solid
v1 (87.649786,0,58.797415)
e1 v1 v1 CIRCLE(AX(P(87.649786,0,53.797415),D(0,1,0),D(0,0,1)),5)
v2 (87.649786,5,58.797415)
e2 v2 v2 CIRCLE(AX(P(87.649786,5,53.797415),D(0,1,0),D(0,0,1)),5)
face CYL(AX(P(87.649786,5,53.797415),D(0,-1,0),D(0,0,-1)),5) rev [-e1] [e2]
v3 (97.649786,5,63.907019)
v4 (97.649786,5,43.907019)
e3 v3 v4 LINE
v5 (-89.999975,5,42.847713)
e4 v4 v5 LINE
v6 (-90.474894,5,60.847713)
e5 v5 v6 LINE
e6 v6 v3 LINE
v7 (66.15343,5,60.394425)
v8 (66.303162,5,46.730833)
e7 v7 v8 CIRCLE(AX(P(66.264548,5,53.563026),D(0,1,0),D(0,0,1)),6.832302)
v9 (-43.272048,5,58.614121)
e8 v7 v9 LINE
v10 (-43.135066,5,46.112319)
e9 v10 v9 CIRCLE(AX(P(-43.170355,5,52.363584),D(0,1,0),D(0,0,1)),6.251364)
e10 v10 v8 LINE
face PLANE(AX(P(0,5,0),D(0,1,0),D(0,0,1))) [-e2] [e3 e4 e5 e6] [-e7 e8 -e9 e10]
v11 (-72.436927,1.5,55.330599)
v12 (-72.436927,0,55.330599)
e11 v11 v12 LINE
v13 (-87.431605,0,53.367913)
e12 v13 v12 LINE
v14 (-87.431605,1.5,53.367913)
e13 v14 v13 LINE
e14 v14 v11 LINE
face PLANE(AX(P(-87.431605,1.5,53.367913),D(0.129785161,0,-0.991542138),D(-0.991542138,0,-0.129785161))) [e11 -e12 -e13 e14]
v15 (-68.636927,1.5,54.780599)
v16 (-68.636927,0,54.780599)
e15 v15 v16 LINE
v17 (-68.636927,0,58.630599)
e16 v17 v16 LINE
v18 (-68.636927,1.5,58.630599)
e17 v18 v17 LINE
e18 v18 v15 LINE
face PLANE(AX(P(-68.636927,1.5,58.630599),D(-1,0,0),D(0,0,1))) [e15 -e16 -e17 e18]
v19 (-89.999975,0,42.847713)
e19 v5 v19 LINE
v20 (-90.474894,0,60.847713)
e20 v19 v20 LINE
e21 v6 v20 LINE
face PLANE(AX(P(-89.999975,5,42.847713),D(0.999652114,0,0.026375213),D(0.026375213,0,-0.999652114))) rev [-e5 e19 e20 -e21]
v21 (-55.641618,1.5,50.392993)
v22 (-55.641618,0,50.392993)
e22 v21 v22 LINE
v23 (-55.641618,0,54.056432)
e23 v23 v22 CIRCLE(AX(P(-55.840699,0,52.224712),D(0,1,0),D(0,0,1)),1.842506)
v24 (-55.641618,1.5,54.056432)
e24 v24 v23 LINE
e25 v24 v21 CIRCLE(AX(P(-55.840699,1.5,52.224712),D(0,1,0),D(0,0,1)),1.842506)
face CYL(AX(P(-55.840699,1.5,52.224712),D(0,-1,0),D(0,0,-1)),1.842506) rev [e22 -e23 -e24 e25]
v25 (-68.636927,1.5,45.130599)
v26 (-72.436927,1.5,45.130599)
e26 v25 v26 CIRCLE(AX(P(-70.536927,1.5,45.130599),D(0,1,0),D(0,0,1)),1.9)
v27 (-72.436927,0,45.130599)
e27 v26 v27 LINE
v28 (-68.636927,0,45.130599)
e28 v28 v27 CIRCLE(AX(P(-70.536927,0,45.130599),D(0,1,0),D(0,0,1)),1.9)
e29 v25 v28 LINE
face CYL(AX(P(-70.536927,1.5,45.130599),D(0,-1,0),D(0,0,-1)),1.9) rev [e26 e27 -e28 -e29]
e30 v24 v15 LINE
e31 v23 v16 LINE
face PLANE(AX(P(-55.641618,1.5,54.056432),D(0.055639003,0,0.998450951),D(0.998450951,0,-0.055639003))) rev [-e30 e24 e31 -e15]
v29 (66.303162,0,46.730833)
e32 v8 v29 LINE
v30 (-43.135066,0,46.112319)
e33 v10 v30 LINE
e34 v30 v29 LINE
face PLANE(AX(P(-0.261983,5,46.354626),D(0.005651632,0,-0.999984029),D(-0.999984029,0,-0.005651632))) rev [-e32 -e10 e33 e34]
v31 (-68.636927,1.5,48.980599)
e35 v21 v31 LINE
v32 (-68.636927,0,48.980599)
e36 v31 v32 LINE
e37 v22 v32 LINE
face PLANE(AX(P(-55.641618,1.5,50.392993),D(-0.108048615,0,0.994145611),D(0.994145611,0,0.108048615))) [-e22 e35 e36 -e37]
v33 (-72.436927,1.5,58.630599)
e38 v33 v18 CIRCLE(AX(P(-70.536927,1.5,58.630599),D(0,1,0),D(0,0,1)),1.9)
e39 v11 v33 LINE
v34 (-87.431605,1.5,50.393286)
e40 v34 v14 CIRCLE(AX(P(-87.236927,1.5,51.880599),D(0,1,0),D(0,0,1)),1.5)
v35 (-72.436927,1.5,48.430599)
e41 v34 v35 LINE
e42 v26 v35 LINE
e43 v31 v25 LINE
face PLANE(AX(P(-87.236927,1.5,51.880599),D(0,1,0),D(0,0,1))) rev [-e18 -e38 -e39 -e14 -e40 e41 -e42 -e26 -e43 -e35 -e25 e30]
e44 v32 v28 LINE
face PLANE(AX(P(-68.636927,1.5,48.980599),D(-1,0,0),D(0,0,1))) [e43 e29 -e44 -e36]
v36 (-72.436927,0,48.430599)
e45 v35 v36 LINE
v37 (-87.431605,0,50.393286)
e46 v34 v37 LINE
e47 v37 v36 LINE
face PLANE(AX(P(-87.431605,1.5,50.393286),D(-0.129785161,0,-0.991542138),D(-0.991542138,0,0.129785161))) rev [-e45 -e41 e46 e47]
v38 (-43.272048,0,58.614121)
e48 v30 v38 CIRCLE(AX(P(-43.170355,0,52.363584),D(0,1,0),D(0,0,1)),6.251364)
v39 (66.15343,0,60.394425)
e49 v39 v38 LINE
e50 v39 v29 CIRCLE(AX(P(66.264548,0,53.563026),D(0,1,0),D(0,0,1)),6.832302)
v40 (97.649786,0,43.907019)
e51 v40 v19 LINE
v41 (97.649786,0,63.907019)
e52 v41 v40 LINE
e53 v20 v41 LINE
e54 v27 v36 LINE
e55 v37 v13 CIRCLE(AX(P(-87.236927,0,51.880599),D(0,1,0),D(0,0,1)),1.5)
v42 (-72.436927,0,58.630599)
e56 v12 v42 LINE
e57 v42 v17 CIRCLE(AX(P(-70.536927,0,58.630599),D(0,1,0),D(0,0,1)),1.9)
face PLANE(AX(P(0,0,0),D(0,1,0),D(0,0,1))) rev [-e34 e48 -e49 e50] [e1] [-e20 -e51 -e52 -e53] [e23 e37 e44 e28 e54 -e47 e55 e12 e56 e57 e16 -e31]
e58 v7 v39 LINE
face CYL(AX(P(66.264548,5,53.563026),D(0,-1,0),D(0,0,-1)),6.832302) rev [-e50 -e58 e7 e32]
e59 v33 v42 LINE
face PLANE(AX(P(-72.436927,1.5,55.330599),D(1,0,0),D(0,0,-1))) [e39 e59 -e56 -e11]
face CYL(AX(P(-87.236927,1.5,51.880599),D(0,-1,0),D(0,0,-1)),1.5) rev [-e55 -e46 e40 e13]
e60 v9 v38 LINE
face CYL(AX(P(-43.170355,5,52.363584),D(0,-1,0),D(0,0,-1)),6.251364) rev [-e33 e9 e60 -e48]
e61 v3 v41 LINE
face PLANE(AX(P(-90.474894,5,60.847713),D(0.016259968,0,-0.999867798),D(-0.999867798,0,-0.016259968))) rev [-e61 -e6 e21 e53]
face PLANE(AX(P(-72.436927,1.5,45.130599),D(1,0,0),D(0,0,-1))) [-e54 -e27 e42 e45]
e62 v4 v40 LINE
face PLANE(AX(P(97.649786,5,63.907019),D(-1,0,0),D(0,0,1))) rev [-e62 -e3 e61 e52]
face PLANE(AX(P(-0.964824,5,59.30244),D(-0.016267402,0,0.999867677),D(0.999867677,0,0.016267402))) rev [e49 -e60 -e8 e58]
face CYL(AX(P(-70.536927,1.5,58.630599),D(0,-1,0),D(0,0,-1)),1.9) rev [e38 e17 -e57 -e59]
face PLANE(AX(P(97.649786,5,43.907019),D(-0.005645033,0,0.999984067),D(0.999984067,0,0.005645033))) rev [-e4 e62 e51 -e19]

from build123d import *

# Parameters (mm, degrees)
BOSS_EXTRUDE1_DEPTH = 5
CUT_EXTRUDE1_DEPTH  = 1.5
CUT_EXTRUDE2_DEPTH  = 117.810049896
SKETCH1_11_R        = 5
CUT_EXTRUDE4_DEPTH  = 117.810049896


with BuildPart() as part:
    # Sketch1 → Boss-Extrude1 (new body)
    with BuildSketch(Plane(origin=(0, 0, 0), x_dir=(1, 0, 0), z_dir=(0, 1, 0))):
        Polygon((-89.9999746, -42.847712915), (-90.474893649, -60.847712915), (97.64978611, -63.907018624), (97.64978611, -43.907018893), align=None)
    extrude(amount=BOSS_EXTRUDE1_DEPTH)

    # Sketch1<7> → Cut-Extrude1 (cut)
    with BuildSketch(Plane(origin=(0, 0, 0), x_dir=(1, 0, 0), z_dir=(0, 1, 0))):
        with BuildLine():
            Line((-72.436927027, -45.130599461), (-72.436927027, -48.430599461))
            Line((-72.436927027, -48.430599461), (-87.431604768, -50.393286254))
            ThreePointArc((-87.431604768, -50.393286254), (-88.736927027, -51.880599461), (-87.431604768, -53.367912669))
            Line((-87.431604768, -53.367912669), (-72.436927027, -55.330599461))
            Line((-72.436927027, -55.330599461), (-72.436927027, -58.630599461))
            ThreePointArc((-72.436927027, -58.630599461), (-70.536927027, -60.530599461), (-68.636927027, -58.630599461))
            Line((-68.636927027, -58.630599461), (-68.636927027, -54.780599461))
            Line((-68.636927027, -54.780599461), (-55.641618403, -54.056431677))
            ThreePointArc((-55.641618403, -54.056431677), (-53.998192666, -52.22471247), (-55.641618403, -50.392993263))
            Line((-55.641618403, -50.392993263), (-68.636927027, -48.980599461))
            Line((-68.636927027, -48.980599461), (-68.636927027, -45.130599461))
            ThreePointArc((-68.636927027, -45.130599461), (-70.536927027, -43.230599461), (-72.436927027, -45.130599461))
        make_face()
    extrude(amount=CUT_EXTRUDE1_DEPTH, mode=Mode.SUBTRACT)

    # Sketch1<9> → Cut-Extrude2 (cut, through all)
    with BuildSketch(Plane(origin=(0, 0, 0), x_dir=(1, 0, 0), z_dir=(0, 1, 0))):
        with BuildLine():
            Line((-43.135065573, -46.112318891), (66.303161817, -46.73083337))
            ThreePointArc((66.303161817, -46.73083337), (73.096439635, -53.63791869), (66.153429754, -60.394424507))
            Line((66.153429754, -60.394424507), (-43.272048174, -58.614120743))
            ThreePointArc((-43.272048174, -58.614120743), (-49.421343824, -52.295091347), (-43.135065573, -46.112318891))
        make_face()
    extrude(amount=CUT_EXTRUDE2_DEPTH, mode=Mode.SUBTRACT)

    # Sketch1<11> → Cut-Extrude4 (cut, through all)
    with BuildSketch(Plane(origin=(0, 0, 0), x_dir=(1, 0, 0), z_dir=(0, 1, 0))):
        with Locations(Location((87.64978611, -53.797415464, 0), (0, 0, 270))):
            Circle(SKETCH1_11_R)
    extrude(amount=CUT_EXTRUDE4_DEPTH, mode=Mode.SUBTRACT)


solid = part.part
